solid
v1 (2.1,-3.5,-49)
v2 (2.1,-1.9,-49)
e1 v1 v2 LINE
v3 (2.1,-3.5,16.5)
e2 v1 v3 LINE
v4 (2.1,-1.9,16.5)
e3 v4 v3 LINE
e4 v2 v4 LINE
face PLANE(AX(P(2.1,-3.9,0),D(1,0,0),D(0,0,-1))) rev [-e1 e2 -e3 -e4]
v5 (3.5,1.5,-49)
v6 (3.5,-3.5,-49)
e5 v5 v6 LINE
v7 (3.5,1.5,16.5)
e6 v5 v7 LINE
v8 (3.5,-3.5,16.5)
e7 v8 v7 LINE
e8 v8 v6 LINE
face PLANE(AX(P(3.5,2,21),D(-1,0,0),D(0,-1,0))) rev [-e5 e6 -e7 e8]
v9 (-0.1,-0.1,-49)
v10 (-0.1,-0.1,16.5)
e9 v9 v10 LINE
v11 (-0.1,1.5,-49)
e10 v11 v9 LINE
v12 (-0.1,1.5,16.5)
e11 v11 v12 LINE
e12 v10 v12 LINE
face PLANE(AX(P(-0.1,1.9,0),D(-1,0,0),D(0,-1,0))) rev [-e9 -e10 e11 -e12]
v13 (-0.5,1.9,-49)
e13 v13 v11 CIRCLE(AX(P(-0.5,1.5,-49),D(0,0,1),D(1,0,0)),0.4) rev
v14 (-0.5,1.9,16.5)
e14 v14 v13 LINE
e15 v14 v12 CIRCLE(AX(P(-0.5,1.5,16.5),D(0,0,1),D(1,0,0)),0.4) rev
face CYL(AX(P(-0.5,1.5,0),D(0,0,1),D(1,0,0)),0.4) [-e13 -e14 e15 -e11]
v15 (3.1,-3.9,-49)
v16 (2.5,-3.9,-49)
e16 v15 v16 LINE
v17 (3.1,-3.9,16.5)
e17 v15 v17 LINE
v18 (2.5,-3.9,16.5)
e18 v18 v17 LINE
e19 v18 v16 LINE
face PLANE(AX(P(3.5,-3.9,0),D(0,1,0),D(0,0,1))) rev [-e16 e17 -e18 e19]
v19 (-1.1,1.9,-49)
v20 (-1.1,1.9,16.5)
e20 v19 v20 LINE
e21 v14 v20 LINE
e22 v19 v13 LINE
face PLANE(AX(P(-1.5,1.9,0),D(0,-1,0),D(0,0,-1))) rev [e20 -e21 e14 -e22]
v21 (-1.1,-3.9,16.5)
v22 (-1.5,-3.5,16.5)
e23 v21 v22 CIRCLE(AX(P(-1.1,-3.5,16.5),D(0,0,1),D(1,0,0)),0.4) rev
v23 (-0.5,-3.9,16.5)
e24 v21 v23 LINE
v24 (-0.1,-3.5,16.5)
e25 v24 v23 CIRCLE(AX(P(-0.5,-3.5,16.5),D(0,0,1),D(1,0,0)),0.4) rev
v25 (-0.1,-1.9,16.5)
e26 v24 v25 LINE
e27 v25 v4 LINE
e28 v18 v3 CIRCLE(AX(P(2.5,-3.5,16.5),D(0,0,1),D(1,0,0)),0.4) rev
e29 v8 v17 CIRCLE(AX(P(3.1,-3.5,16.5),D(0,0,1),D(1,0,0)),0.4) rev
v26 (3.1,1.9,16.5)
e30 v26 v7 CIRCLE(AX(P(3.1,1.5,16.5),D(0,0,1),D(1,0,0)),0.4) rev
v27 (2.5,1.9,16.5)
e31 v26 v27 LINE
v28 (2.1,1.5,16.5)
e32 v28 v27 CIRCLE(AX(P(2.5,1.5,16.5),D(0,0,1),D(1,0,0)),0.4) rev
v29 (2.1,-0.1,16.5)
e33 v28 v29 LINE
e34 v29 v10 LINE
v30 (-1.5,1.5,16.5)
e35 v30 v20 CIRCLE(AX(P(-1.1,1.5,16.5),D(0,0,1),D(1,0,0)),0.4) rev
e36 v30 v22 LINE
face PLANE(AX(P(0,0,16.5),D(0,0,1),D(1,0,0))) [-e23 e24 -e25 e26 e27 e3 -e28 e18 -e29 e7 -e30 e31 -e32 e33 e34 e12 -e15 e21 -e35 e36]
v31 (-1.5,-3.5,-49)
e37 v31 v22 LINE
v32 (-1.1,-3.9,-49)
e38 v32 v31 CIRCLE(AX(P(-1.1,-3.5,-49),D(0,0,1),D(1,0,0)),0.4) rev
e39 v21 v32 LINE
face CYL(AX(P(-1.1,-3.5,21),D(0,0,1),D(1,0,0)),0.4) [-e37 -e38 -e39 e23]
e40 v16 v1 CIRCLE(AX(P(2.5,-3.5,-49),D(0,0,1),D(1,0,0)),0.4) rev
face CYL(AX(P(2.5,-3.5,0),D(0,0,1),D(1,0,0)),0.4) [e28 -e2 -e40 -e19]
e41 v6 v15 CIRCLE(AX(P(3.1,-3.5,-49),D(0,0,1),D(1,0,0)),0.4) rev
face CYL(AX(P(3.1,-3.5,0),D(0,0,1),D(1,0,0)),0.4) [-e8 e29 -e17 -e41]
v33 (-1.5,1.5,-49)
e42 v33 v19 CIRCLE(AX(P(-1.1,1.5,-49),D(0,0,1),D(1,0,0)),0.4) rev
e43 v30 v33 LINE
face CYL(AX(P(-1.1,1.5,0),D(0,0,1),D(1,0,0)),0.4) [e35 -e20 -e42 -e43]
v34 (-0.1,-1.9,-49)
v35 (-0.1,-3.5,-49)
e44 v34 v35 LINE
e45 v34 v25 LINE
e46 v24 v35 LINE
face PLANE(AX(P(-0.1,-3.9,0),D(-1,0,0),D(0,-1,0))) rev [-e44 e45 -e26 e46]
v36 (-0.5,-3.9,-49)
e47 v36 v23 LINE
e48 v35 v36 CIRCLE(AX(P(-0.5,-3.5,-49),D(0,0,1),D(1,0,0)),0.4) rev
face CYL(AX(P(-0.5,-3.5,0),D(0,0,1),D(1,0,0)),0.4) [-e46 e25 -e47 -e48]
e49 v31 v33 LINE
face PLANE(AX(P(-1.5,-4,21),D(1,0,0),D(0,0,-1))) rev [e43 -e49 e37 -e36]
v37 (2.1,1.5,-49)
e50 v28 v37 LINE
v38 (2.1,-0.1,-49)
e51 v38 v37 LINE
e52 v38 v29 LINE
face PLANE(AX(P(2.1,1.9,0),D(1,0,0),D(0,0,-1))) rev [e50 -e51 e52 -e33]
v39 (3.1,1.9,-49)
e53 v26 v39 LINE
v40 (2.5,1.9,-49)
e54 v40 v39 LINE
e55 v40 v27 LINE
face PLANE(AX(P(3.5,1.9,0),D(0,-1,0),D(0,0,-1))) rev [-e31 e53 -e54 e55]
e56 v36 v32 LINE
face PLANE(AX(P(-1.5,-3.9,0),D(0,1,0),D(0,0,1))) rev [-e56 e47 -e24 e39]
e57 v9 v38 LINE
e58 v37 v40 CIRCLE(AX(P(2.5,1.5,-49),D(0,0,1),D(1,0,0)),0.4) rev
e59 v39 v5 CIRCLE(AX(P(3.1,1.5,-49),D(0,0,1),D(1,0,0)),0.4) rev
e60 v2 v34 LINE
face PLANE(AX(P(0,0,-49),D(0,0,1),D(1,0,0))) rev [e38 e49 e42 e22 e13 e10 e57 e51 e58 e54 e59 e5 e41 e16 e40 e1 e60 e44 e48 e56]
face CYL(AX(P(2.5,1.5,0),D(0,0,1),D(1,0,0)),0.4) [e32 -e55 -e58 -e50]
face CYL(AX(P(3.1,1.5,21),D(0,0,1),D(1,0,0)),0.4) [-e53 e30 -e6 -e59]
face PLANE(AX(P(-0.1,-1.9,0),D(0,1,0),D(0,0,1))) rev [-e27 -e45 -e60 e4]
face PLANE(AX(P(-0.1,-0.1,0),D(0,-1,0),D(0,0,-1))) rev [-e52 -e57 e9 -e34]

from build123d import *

# Parameters (mm, degrees)
BOSS_EXTRUDE1_DEPTH = 21
CUT_EXTRUDE1_DEPTH  = 22.662179022
BOSS_EXTRUDE2_DEPTH = 49
FILLET1_R           = 0.4
SKETCH4_W           = 7.390362968
SKETCH4_H           = 6.925637862
CUT_EXTRUDE2_DEPTH  = 4.5


with BuildPart() as part:
    # Sketch1 → Boss-Extrude1 (new body)
    with BuildSketch(Plane.XY):
        Polygon((0, 0), (2, 0), (2, 2), (3.5, 2), (3.5, -4), (2, -4), (2, -2), (0, -2), (0, -4), (-1.5, -4), (-1.5, 2), (0, 2), align=None)
    extrude(amount=BOSS_EXTRUDE1_DEPTH)

    # Sketch2 → Cut-Extrude1 (cut, through all)
    with BuildSketch(Plane.XY.offset(21)):
        Polygon((-1.5, 2), (-1.5, 1.9), (-0.1, 1.9), (-0.1, -0.1), (2.1, -0.1), (2.1, 1.9), (3.5, 1.9), (3.5, 2), align=None)
        Polygon((-1.5, -4), (3.5, -4), (3.5, -3.9), (2.1, -3.9), (2.1, -1.9), (-0.1, -1.9), (-0.1, -3.9), (-1.5, -3.9), align=None)
    extrude(amount=-CUT_EXTRUDE1_DEPTH, mode=Mode.SUBTRACT)

    # Sketch3 → Boss-Extrude2 (add)
    with BuildSketch(Plane(origin=(0, 0, 0), x_dir=(-1, 0, 0), z_dir=(0, 0, -1))):
        Polygon((-2.1, -0.1), (-2.1, 1.9), (-3.5, 1.9), (-3.5, -3.9), (-2.1, -3.9), (-2.1, -1.9), (0.1, -1.9), (0.1, -3.9), (1.5, -3.9), (1.5, 1.9), (0.1, 1.9), (0.1, -0.1), align=None)
    extrude(amount=BOSS_EXTRUDE2_DEPTH)

    # Fillet1
    fillet1_edges = [part.edges().sort_by_distance(p)[0] for p in [
        (3.5, 1.9, -14),
        (2.1, 1.9, -14),
        (-0.1, 1.9, -14),
        (-1.5, 1.9, -14),
        (-1.5, -3.9, -14),
        (-0.1, -3.9, -14),
        (2.1, -3.9, -14),
        (3.5, -3.9, -14),
    ]]
    fillet(fillet1_edges, radius=FILLET1_R)

    # Sketch4 → Cut-Extrude2 (cut)
    with BuildSketch(Plane.XY.offset(21)):
        with Locations((1.359853511, -0.992123471)):
            Rectangle(SKETCH4_W, SKETCH4_H)
    extrude(amount=-CUT_EXTRUDE2_DEPTH, mode=Mode.SUBTRACT)


solid = part.part
